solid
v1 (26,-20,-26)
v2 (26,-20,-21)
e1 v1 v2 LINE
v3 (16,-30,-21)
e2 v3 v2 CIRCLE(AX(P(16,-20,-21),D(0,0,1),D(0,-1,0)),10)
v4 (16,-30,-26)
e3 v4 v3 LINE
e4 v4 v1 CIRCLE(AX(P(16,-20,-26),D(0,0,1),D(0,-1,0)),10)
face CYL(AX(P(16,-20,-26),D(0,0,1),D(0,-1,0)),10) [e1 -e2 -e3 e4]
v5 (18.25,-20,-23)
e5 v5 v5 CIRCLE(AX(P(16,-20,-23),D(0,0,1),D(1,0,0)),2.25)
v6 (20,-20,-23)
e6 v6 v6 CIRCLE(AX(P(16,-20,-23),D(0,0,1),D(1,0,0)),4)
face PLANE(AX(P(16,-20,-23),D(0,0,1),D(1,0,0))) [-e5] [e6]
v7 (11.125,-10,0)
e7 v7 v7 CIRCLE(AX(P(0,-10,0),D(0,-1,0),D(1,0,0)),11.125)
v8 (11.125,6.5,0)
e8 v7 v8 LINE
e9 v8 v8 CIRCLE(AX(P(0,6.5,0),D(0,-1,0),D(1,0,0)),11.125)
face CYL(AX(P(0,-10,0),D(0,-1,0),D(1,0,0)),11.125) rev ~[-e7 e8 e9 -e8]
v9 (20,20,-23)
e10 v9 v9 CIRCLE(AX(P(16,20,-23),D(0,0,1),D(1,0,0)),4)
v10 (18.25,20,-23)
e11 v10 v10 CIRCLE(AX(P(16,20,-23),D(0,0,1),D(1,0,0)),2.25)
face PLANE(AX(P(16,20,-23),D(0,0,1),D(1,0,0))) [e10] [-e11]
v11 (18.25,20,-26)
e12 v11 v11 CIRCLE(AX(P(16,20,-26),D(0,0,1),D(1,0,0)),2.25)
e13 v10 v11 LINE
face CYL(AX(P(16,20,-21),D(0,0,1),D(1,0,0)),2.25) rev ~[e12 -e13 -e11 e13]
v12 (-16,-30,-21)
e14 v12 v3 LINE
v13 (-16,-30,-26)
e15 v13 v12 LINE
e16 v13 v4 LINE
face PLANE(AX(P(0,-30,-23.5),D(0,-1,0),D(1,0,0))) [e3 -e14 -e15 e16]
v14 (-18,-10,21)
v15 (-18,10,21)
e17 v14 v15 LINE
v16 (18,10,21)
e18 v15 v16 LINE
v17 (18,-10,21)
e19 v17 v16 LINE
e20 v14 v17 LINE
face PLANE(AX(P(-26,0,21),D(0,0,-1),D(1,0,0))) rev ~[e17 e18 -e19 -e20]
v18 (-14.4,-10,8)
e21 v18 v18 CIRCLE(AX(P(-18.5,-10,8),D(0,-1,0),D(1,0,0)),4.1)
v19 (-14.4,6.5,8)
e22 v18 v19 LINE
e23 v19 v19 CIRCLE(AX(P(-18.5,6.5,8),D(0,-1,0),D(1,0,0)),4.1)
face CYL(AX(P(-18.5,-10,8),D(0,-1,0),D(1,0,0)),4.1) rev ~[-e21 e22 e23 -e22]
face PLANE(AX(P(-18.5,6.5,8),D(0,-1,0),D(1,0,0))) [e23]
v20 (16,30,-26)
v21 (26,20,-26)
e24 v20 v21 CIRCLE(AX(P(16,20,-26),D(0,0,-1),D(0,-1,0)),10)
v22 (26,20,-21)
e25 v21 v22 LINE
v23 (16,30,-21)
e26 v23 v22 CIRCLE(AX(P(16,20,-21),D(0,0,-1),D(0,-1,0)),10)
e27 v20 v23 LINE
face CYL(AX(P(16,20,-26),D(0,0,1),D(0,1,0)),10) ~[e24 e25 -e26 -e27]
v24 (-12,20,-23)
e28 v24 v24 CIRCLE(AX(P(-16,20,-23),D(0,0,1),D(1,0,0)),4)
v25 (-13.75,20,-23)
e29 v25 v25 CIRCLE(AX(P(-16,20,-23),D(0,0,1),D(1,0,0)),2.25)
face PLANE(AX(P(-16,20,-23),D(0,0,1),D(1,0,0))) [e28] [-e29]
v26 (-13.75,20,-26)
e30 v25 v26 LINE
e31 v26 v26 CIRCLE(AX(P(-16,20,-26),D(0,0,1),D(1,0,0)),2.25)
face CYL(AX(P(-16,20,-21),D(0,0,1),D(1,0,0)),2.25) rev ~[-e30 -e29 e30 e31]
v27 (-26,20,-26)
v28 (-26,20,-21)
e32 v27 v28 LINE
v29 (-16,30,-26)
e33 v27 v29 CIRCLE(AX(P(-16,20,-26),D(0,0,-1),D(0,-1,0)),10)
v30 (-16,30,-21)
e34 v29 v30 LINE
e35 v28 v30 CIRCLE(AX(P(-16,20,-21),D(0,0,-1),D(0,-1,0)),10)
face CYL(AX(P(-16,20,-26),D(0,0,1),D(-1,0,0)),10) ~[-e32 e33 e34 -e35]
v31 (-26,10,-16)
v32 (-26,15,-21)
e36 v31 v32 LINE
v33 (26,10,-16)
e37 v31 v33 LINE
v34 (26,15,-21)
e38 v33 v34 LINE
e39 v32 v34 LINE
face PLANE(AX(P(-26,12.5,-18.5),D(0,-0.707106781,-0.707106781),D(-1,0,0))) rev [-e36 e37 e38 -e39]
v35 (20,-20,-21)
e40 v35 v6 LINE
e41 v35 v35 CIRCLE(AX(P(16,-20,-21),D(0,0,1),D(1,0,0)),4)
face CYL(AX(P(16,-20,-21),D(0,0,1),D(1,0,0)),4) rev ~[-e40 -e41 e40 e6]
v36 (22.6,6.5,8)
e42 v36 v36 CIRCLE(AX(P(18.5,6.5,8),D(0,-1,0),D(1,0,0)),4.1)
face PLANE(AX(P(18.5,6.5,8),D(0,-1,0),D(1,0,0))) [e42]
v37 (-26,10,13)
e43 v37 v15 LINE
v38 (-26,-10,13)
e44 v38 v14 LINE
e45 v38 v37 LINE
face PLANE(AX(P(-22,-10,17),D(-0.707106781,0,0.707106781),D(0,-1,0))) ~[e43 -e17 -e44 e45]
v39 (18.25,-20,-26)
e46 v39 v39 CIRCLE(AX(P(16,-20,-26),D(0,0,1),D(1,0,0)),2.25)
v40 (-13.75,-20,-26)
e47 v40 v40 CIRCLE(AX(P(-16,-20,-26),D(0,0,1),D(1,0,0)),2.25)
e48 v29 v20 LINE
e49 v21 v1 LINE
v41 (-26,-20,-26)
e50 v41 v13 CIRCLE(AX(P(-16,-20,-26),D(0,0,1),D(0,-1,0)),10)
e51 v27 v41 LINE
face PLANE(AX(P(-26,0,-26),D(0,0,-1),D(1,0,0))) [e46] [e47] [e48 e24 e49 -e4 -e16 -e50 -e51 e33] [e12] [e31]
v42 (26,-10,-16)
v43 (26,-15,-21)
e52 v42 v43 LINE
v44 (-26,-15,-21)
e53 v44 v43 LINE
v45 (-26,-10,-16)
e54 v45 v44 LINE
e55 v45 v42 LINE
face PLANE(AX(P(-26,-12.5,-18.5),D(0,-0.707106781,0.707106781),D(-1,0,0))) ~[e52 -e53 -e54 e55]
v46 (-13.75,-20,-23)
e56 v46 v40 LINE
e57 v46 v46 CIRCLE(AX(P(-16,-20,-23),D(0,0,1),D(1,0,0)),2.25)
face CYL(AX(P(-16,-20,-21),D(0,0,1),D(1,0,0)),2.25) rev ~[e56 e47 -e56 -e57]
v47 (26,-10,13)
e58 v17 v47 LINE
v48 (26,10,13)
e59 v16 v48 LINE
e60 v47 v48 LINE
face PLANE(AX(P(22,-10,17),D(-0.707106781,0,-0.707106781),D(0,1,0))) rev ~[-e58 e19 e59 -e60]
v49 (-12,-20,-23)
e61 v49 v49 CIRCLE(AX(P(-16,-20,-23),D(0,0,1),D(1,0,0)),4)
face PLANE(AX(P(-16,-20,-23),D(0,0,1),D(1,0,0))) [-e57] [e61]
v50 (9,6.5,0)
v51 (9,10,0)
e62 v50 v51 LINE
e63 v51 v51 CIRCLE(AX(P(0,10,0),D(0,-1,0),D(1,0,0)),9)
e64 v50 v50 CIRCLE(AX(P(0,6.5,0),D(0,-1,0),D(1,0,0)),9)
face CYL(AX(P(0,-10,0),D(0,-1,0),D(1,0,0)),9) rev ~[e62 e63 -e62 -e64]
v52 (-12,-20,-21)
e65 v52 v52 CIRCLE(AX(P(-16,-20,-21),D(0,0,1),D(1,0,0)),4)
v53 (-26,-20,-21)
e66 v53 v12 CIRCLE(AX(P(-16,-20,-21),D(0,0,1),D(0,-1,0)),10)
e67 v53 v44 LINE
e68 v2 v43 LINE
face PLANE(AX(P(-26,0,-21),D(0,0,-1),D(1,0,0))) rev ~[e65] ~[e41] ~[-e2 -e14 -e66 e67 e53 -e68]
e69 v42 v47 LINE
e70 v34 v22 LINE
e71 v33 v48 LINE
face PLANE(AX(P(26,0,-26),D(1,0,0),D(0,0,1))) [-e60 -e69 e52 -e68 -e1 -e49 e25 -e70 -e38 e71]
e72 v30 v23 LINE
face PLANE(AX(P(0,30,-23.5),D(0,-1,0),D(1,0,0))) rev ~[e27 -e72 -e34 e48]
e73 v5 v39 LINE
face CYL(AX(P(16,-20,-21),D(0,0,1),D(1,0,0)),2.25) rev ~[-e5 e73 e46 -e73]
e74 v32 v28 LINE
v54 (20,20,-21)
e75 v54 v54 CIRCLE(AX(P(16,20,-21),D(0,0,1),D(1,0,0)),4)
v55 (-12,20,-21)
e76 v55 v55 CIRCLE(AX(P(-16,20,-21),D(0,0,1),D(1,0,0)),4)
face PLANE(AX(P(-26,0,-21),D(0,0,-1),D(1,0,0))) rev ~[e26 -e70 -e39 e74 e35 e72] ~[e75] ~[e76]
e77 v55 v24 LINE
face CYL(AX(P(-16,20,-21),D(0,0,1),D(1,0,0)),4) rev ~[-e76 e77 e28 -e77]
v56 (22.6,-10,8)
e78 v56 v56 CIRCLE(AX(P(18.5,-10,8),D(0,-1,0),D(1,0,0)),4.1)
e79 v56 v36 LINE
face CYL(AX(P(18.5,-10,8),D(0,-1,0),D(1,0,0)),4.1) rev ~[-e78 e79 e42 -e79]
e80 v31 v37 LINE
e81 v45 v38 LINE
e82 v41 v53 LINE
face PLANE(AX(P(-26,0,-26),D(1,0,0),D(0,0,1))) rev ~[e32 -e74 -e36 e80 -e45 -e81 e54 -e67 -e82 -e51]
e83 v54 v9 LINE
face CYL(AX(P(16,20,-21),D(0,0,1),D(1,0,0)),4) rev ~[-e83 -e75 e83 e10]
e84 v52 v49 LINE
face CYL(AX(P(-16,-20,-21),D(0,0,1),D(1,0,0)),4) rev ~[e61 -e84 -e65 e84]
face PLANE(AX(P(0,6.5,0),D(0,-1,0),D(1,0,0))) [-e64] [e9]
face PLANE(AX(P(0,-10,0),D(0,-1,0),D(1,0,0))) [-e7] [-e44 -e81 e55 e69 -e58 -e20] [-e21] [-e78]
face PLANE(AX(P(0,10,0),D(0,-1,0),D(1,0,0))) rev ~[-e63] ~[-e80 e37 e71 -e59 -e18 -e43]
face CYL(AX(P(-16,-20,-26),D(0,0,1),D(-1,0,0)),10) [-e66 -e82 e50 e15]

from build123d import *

# Parameters (mm, degrees)
F0_W      = 52
F0_H      = 42
F1_DEPTH  = 10
F2_W      = 52
F2_H      = 5
F3_DEPTH  = 30
F4_R      = 9
F5_DEPTH  = 40.001
F6_R      = 11.125
F6_R_2    = 4.1
F7_DEPTH  = 16.5
F8_R      = 2.25
F9_DEPTH  = 5.001
F10_R     = 4
F11_DEPTH = 2
F12_SIZE  = 8
F13_SIZE  = 5
F14_R     = 10


with BuildPart() as f1:
    # F0 (on Front) → F1 (new body, symmetric)
    with BuildSketch(Plane.XZ):
        Rectangle(F0_W, F0_H)
    extrude(amount=F1_DEPTH, both=True)

    # F2 (on Front) → F3 (join, symmetric)
    with BuildSketch(Plane.XZ):
        with Locations((0, -23.5)):
            Rectangle(F2_W, F2_H)
    extrude(amount=F3_DEPTH, both=True)

    # F4 (on face) → F5 (cut, through all)
    with BuildSketch(Plane.XZ.offset(10)):
        Circle(F4_R)
    extrude(amount=-F5_DEPTH, mode=Mode.SUBTRACT)

    # F6 (on face) → F7 (cut)
    with BuildSketch(Plane.XZ.offset(10)):
        Circle(F6_R)
        with Locations((-18.5, 8)):
            Circle(F6_R_2)
        with Locations((18.5, 8)):
            Circle(F6_R_2)
    extrude(amount=-F7_DEPTH, mode=Mode.SUBTRACT)

    # F8 (on face) → F9 (cut, through all)
    with BuildSketch(Plane.XY.offset(-21)):
        with Locations((-16, 20)):
            Circle(F8_R)
        with Locations((16, 20)):
            Circle(F8_R)
        with Locations((16, -20)):
            Circle(F8_R)
        with Locations((-16, -20)):
            Circle(F8_R)
    extrude(amount=-F9_DEPTH, mode=Mode.SUBTRACT)

    # F10 (on face) → F11 (cut)
    with BuildSketch(Plane.XY.offset(-21)):
        with Locations((-16, 20)):
            Circle(F10_R)
        with Locations((16, 20)):
            Circle(F10_R)
        with Locations((-16, -20)):
            Circle(F10_R)
        with Locations((16, -20)):
            Circle(F10_R)
    extrude(amount=-F11_DEPTH, mode=Mode.SUBTRACT)

    # F12
    f12_edges = [f1.edges().sort_by_distance(p)[0] for p in [
        (-26, 0, 21),
        (26, 0, 21),
    ]]
    chamfer(f12_edges, length=F12_SIZE)

    # F13
    f13_edges = [f1.edges().sort_by_distance(p)[0] for p in [
        (0, -10, -21),
        (0, 10, -21),
    ]]
    chamfer(f13_edges, length=F13_SIZE)

    # F14
    f14_edges = [f1.edges().sort_by_distance(p)[0] for p in [
        (26, 30, -23.5),
        (-26, 30, -23.5),
        (26, -30, -23.5),
        (-26, -30, -23.5),
    ]]
    fillet(f14_edges, radius=F14_R)


solid = f1.part
